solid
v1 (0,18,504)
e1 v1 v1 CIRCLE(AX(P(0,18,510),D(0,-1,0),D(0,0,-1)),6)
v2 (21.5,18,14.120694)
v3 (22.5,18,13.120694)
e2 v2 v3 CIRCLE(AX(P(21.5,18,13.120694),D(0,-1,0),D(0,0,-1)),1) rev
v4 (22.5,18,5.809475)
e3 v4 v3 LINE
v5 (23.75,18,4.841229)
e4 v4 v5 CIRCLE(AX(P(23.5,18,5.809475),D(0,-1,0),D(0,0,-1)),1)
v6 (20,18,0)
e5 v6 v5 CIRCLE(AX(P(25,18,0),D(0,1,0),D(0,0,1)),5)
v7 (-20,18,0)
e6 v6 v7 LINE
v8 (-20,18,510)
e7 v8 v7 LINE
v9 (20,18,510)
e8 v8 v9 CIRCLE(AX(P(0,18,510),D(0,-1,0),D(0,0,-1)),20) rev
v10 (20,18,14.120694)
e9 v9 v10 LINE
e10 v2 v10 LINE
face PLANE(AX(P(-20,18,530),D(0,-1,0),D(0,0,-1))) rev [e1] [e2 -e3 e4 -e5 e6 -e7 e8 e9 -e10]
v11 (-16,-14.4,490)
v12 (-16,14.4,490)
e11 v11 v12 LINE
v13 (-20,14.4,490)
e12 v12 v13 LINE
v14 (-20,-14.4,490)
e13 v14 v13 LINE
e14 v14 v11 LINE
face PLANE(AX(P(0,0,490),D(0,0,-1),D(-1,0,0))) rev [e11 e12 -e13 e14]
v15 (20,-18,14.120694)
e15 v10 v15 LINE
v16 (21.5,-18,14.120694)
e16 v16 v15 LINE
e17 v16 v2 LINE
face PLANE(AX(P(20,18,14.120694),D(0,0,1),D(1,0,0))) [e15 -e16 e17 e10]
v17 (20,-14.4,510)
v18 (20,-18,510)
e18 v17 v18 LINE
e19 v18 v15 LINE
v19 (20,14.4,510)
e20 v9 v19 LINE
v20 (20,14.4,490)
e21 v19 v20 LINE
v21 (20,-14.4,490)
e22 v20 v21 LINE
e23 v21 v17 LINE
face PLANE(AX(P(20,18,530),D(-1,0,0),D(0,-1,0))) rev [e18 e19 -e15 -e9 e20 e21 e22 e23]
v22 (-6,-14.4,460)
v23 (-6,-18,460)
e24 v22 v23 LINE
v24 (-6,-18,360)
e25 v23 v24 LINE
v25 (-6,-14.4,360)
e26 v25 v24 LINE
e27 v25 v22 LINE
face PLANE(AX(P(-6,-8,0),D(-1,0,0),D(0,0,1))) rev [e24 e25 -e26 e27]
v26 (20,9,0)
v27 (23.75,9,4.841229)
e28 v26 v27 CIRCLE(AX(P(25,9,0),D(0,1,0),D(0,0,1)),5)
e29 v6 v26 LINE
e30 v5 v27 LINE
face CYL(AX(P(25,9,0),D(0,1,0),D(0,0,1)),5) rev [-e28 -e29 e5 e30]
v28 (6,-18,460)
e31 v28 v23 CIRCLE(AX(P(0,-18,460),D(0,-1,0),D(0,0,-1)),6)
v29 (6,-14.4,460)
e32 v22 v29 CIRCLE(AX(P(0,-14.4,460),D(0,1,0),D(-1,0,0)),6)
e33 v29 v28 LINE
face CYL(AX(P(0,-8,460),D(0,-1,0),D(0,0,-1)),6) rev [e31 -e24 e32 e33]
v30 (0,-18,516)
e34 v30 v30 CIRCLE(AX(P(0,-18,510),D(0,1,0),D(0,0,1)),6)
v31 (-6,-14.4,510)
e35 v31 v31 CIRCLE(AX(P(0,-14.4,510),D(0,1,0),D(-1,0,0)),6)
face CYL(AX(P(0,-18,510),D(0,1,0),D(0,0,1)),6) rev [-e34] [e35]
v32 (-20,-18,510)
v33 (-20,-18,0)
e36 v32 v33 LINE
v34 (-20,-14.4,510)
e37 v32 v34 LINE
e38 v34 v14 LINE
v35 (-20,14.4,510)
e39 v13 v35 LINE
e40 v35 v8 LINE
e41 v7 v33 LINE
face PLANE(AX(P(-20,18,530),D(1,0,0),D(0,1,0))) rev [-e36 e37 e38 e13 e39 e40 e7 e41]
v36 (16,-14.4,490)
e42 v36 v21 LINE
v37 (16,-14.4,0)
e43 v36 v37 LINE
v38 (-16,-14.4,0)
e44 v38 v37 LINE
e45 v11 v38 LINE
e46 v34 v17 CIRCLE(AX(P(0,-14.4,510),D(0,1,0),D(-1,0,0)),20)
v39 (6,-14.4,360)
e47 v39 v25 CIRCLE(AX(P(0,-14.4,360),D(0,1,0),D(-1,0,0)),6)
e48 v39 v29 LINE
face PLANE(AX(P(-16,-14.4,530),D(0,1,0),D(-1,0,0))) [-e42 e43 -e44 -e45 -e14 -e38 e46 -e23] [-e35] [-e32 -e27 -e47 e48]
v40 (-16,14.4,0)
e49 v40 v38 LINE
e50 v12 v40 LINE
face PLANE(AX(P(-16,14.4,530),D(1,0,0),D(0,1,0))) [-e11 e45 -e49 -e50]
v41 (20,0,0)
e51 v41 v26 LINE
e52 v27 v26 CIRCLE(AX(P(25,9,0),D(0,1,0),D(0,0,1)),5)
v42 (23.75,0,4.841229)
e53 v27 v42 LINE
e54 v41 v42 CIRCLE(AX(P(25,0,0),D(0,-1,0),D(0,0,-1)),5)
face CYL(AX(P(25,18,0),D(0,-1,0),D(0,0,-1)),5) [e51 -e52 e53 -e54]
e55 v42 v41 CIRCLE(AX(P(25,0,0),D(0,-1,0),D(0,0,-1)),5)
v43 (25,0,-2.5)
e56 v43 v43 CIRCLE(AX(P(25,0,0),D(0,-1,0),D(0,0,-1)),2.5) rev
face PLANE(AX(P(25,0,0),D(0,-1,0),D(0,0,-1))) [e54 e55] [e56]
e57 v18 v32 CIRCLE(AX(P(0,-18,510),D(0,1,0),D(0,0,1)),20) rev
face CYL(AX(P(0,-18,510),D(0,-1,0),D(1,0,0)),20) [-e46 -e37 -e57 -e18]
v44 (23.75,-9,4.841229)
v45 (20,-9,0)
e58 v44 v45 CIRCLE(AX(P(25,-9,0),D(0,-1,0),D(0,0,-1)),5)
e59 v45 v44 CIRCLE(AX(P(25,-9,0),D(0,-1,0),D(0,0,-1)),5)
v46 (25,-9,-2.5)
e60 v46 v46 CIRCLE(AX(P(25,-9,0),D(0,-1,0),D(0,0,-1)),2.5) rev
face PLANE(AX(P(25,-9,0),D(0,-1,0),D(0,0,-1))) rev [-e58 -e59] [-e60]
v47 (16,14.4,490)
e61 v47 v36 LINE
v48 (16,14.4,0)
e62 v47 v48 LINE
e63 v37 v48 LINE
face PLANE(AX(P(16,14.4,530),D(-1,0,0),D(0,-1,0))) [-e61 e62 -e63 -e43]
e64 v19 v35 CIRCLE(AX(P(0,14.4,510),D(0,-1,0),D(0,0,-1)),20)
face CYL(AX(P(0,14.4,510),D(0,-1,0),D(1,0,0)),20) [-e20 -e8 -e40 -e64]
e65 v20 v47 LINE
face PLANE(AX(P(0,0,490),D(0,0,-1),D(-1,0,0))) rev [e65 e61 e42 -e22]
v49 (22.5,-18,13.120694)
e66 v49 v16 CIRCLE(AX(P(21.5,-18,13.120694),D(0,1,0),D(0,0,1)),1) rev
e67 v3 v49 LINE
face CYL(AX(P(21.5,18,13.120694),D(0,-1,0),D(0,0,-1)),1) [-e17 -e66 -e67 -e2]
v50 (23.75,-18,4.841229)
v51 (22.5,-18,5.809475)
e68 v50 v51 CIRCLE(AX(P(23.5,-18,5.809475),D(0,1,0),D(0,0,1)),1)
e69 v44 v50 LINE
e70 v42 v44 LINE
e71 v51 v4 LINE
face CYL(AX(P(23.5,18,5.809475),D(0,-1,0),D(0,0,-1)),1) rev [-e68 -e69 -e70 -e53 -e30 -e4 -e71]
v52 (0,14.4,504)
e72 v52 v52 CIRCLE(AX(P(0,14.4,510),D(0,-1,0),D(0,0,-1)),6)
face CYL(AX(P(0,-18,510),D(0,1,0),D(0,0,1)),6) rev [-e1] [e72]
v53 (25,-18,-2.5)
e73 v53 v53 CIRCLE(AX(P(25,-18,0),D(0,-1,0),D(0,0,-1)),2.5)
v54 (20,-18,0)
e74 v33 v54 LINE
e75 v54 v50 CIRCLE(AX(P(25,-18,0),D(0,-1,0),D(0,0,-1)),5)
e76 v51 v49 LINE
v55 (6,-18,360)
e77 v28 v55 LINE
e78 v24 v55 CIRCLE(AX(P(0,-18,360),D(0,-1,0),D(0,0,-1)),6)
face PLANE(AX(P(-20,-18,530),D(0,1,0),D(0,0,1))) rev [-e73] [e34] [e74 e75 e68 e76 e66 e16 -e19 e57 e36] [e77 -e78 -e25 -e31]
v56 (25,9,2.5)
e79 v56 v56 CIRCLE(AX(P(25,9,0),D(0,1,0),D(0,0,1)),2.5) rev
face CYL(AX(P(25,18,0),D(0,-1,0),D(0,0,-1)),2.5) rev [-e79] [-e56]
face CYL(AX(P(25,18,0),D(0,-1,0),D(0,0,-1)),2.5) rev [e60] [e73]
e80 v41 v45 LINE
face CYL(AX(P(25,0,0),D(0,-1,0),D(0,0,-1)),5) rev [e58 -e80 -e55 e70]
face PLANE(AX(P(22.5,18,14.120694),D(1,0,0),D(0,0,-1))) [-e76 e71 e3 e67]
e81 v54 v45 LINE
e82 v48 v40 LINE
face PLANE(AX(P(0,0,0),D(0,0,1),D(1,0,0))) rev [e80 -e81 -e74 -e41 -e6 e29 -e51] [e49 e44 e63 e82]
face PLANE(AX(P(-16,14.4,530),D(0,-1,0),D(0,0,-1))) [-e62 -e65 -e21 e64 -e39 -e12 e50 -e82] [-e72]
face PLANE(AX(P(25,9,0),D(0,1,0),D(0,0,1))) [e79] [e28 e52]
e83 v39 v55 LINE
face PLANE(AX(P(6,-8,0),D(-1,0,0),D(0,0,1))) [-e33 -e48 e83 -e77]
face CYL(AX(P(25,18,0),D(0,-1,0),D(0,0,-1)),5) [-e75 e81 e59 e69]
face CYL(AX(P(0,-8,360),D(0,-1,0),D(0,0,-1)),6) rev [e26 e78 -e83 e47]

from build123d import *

# Parameters (mm, degrees)
SKETCH1_W               = 40
SKETCH1_H               = 36
SKETCH1_W_2             = 32
SKETCH1_H_2             = 28.8
BOSS_EXTRUDE1_DEPTH     = 530
SKETCH2_W               = 50
SKETCH2_H               = 28.8
CUT_EXTRUDE1_DEPTH      = 40
FILLET2_RADIUS          = 20
FILLET2_LENGTH          = 3.6
FILLET3_RADIUS          = 20
FILLET3_LENGTH          = 3.6
CUT_EXTRUDE2_DEPTH      = 532.597592169
CUT_EXTRUDE2_DEPTH_BACK = 532.597592169
SKETCH3_R               = 6
CUT_EXTRUDE3_DEPTH      = 10
SKETCH9_R               = 2.5
BOSS_EXTRUDE2_DEPTH     = 36
FILLET4_R               = 1
FILLET5_R               = 1
CUT_EXTRUDE5_START      = -9
SKETCH12_R              = 5
CUT_EXTRUDE5_DEPTH      = 9
SKETCH14_R              = 5
CUT_EXTRUDE6_DEPTH      = 9


with BuildPart() as part:
    # Sketch1 → Boss-Extrude1 (new body)
    with BuildSketch(Plane.XY):
        Rectangle(SKETCH1_W, SKETCH1_H)
        Rectangle(SKETCH1_W_2, SKETCH1_H_2, mode=Mode.SUBTRACT)
    extrude(amount=BOSS_EXTRUDE1_DEPTH)

    # Sketch2 → Cut-Extrude1 (cut)
    with BuildSketch(Plane.XY.offset(530)):
        Rectangle(SKETCH2_W, SKETCH2_H)
    extrude(amount=-CUT_EXTRUDE1_DEPTH, mode=Mode.SUBTRACT)

    # Fillet2: full round fillet: the end face becomes a half cylinder, R = half its width
    fillet2_face = Plane((0, -16.2, 530), x_dir=(0, -1, 0), z_dir=(0, 0, 1))  # on the end face: x along it, z out of the body
    fillet2_slab = fillet2_face.offset(-FILLET2_RADIUS / 2) * Box(FILLET2_LENGTH, 2 * FILLET2_RADIUS, FILLET2_RADIUS, mode=Mode.PRIVATE)  # the body's end, R deep
    fillet2_round = Plane((0, -16.2, 510), x_dir=(0, 0, 1), z_dir=(0, -1, 0)) * Cylinder(FILLET2_RADIUS, FILLET2_LENGTH, mode=Mode.PRIVATE)  # its axis R under the face
    add(fillet2_slab - fillet2_round, mode=Mode.SUBTRACT)

    # Fillet3: full round fillet: the end face becomes a half cylinder, R = half its width
    fillet3_face = Plane((0, 16.2, 530), x_dir=(0, -1, 0), z_dir=(0, 0, 1))  # on the end face: x along it, z out of the body
    fillet3_slab = fillet3_face.offset(-FILLET3_RADIUS / 2) * Box(FILLET3_LENGTH, 2 * FILLET3_RADIUS, FILLET3_RADIUS, mode=Mode.PRIVATE)  # the body's end, R deep
    fillet3_round = Plane((0, 16.2, 510), x_dir=(0, 0, 1), z_dir=(0, -1, 0)) * Cylinder(FILLET3_RADIUS, FILLET3_LENGTH, mode=Mode.PRIVATE)  # its axis R under the face
    add(fillet3_slab - fillet3_round, mode=Mode.SUBTRACT)

    # Sketch3 → Cut-Extrude2 (cut, two sides: drawn at the far end of the back side and taken through both)
    with BuildSketch(Plane(origin=(0, 18, 0), x_dir=(1, 0, 0), z_dir=(0, 1, 0)).offset(-CUT_EXTRUDE2_DEPTH_BACK)):
        with Locations(Location((0, -510, 0), (0, 0, 270))):
            Circle(SKETCH3_R)
    extrude(amount=CUT_EXTRUDE2_DEPTH + CUT_EXTRUDE2_DEPTH_BACK, mode=Mode.SUBTRACT)

    # Sketch6 → Cut-Extrude3 (cut)
    with BuildSketch(Plane.XZ.offset(18)):
        with BuildLine():
            ThreePointArc((6, 460), (0, 466), (-6, 460))
            Line((-6, 460), (-6, 360))
            ThreePointArc((-6, 360), (0, 354), (6, 360))
            Line((6, 360), (6, 460))
        make_face()
    extrude(amount=-CUT_EXTRUDE3_DEPTH, mode=Mode.SUBTRACT)

    # Sketch9 → Boss-Extrude2 (add)
    with BuildSketch(Plane.XZ.offset(18)):
        with BuildLine():
            Line((20, 14.120693524), (20, 0))
            ThreePointArc((20, 0), (29.330127019, -2.5), (22.5, 4.330127019))
            Line((22.5, 4.330127019), (22.5, 14.120693524))
            Line((22.5, 14.120693524), (20, 14.120693524))
        make_face()
        with Locations(Location((25, 0, 0), (0, 0, 270))):
            Circle(SKETCH9_R, mode=Mode.SUBTRACT)
    extrude(amount=-BOSS_EXTRUDE2_DEPTH)

    # Fillet4
    fillet4_edges = [part.edges().sort_by_distance(p)[0] for p in [
        (22.5, 0, 4.330127019),
    ]]
    fillet(fillet4_edges, radius=FILLET4_R)

    # Fillet5
    fillet5_edges = [part.edges().sort_by_distance(p)[0] for p in [
        (22.5, 0, 14.120693524),
    ]]
    fillet(fillet5_edges, radius=FILLET5_R)

    # Sketch12 → Cut-Extrude5 (cut)
    with BuildSketch(Plane(origin=(0, 18, 0), x_dir=(1, 0, 0), z_dir=(0, 1, 0)).offset(CUT_EXTRUDE5_START)):
        with Locations((25, 0)):
            Circle(SKETCH12_R)
    extrude(amount=CUT_EXTRUDE5_DEPTH, mode=Mode.SUBTRACT)

    # Sketch14 → Cut-Extrude6 (cut)
    with BuildSketch(Plane(origin=(0, -9, 0), x_dir=(-1, 0, 0), z_dir=(0, -1, 0))):
        with Locations((-25, 0)):
            Circle(SKETCH14_R)
    extrude(amount=-CUT_EXTRUDE6_DEPTH, mode=Mode.SUBTRACT)


solid = part.part
